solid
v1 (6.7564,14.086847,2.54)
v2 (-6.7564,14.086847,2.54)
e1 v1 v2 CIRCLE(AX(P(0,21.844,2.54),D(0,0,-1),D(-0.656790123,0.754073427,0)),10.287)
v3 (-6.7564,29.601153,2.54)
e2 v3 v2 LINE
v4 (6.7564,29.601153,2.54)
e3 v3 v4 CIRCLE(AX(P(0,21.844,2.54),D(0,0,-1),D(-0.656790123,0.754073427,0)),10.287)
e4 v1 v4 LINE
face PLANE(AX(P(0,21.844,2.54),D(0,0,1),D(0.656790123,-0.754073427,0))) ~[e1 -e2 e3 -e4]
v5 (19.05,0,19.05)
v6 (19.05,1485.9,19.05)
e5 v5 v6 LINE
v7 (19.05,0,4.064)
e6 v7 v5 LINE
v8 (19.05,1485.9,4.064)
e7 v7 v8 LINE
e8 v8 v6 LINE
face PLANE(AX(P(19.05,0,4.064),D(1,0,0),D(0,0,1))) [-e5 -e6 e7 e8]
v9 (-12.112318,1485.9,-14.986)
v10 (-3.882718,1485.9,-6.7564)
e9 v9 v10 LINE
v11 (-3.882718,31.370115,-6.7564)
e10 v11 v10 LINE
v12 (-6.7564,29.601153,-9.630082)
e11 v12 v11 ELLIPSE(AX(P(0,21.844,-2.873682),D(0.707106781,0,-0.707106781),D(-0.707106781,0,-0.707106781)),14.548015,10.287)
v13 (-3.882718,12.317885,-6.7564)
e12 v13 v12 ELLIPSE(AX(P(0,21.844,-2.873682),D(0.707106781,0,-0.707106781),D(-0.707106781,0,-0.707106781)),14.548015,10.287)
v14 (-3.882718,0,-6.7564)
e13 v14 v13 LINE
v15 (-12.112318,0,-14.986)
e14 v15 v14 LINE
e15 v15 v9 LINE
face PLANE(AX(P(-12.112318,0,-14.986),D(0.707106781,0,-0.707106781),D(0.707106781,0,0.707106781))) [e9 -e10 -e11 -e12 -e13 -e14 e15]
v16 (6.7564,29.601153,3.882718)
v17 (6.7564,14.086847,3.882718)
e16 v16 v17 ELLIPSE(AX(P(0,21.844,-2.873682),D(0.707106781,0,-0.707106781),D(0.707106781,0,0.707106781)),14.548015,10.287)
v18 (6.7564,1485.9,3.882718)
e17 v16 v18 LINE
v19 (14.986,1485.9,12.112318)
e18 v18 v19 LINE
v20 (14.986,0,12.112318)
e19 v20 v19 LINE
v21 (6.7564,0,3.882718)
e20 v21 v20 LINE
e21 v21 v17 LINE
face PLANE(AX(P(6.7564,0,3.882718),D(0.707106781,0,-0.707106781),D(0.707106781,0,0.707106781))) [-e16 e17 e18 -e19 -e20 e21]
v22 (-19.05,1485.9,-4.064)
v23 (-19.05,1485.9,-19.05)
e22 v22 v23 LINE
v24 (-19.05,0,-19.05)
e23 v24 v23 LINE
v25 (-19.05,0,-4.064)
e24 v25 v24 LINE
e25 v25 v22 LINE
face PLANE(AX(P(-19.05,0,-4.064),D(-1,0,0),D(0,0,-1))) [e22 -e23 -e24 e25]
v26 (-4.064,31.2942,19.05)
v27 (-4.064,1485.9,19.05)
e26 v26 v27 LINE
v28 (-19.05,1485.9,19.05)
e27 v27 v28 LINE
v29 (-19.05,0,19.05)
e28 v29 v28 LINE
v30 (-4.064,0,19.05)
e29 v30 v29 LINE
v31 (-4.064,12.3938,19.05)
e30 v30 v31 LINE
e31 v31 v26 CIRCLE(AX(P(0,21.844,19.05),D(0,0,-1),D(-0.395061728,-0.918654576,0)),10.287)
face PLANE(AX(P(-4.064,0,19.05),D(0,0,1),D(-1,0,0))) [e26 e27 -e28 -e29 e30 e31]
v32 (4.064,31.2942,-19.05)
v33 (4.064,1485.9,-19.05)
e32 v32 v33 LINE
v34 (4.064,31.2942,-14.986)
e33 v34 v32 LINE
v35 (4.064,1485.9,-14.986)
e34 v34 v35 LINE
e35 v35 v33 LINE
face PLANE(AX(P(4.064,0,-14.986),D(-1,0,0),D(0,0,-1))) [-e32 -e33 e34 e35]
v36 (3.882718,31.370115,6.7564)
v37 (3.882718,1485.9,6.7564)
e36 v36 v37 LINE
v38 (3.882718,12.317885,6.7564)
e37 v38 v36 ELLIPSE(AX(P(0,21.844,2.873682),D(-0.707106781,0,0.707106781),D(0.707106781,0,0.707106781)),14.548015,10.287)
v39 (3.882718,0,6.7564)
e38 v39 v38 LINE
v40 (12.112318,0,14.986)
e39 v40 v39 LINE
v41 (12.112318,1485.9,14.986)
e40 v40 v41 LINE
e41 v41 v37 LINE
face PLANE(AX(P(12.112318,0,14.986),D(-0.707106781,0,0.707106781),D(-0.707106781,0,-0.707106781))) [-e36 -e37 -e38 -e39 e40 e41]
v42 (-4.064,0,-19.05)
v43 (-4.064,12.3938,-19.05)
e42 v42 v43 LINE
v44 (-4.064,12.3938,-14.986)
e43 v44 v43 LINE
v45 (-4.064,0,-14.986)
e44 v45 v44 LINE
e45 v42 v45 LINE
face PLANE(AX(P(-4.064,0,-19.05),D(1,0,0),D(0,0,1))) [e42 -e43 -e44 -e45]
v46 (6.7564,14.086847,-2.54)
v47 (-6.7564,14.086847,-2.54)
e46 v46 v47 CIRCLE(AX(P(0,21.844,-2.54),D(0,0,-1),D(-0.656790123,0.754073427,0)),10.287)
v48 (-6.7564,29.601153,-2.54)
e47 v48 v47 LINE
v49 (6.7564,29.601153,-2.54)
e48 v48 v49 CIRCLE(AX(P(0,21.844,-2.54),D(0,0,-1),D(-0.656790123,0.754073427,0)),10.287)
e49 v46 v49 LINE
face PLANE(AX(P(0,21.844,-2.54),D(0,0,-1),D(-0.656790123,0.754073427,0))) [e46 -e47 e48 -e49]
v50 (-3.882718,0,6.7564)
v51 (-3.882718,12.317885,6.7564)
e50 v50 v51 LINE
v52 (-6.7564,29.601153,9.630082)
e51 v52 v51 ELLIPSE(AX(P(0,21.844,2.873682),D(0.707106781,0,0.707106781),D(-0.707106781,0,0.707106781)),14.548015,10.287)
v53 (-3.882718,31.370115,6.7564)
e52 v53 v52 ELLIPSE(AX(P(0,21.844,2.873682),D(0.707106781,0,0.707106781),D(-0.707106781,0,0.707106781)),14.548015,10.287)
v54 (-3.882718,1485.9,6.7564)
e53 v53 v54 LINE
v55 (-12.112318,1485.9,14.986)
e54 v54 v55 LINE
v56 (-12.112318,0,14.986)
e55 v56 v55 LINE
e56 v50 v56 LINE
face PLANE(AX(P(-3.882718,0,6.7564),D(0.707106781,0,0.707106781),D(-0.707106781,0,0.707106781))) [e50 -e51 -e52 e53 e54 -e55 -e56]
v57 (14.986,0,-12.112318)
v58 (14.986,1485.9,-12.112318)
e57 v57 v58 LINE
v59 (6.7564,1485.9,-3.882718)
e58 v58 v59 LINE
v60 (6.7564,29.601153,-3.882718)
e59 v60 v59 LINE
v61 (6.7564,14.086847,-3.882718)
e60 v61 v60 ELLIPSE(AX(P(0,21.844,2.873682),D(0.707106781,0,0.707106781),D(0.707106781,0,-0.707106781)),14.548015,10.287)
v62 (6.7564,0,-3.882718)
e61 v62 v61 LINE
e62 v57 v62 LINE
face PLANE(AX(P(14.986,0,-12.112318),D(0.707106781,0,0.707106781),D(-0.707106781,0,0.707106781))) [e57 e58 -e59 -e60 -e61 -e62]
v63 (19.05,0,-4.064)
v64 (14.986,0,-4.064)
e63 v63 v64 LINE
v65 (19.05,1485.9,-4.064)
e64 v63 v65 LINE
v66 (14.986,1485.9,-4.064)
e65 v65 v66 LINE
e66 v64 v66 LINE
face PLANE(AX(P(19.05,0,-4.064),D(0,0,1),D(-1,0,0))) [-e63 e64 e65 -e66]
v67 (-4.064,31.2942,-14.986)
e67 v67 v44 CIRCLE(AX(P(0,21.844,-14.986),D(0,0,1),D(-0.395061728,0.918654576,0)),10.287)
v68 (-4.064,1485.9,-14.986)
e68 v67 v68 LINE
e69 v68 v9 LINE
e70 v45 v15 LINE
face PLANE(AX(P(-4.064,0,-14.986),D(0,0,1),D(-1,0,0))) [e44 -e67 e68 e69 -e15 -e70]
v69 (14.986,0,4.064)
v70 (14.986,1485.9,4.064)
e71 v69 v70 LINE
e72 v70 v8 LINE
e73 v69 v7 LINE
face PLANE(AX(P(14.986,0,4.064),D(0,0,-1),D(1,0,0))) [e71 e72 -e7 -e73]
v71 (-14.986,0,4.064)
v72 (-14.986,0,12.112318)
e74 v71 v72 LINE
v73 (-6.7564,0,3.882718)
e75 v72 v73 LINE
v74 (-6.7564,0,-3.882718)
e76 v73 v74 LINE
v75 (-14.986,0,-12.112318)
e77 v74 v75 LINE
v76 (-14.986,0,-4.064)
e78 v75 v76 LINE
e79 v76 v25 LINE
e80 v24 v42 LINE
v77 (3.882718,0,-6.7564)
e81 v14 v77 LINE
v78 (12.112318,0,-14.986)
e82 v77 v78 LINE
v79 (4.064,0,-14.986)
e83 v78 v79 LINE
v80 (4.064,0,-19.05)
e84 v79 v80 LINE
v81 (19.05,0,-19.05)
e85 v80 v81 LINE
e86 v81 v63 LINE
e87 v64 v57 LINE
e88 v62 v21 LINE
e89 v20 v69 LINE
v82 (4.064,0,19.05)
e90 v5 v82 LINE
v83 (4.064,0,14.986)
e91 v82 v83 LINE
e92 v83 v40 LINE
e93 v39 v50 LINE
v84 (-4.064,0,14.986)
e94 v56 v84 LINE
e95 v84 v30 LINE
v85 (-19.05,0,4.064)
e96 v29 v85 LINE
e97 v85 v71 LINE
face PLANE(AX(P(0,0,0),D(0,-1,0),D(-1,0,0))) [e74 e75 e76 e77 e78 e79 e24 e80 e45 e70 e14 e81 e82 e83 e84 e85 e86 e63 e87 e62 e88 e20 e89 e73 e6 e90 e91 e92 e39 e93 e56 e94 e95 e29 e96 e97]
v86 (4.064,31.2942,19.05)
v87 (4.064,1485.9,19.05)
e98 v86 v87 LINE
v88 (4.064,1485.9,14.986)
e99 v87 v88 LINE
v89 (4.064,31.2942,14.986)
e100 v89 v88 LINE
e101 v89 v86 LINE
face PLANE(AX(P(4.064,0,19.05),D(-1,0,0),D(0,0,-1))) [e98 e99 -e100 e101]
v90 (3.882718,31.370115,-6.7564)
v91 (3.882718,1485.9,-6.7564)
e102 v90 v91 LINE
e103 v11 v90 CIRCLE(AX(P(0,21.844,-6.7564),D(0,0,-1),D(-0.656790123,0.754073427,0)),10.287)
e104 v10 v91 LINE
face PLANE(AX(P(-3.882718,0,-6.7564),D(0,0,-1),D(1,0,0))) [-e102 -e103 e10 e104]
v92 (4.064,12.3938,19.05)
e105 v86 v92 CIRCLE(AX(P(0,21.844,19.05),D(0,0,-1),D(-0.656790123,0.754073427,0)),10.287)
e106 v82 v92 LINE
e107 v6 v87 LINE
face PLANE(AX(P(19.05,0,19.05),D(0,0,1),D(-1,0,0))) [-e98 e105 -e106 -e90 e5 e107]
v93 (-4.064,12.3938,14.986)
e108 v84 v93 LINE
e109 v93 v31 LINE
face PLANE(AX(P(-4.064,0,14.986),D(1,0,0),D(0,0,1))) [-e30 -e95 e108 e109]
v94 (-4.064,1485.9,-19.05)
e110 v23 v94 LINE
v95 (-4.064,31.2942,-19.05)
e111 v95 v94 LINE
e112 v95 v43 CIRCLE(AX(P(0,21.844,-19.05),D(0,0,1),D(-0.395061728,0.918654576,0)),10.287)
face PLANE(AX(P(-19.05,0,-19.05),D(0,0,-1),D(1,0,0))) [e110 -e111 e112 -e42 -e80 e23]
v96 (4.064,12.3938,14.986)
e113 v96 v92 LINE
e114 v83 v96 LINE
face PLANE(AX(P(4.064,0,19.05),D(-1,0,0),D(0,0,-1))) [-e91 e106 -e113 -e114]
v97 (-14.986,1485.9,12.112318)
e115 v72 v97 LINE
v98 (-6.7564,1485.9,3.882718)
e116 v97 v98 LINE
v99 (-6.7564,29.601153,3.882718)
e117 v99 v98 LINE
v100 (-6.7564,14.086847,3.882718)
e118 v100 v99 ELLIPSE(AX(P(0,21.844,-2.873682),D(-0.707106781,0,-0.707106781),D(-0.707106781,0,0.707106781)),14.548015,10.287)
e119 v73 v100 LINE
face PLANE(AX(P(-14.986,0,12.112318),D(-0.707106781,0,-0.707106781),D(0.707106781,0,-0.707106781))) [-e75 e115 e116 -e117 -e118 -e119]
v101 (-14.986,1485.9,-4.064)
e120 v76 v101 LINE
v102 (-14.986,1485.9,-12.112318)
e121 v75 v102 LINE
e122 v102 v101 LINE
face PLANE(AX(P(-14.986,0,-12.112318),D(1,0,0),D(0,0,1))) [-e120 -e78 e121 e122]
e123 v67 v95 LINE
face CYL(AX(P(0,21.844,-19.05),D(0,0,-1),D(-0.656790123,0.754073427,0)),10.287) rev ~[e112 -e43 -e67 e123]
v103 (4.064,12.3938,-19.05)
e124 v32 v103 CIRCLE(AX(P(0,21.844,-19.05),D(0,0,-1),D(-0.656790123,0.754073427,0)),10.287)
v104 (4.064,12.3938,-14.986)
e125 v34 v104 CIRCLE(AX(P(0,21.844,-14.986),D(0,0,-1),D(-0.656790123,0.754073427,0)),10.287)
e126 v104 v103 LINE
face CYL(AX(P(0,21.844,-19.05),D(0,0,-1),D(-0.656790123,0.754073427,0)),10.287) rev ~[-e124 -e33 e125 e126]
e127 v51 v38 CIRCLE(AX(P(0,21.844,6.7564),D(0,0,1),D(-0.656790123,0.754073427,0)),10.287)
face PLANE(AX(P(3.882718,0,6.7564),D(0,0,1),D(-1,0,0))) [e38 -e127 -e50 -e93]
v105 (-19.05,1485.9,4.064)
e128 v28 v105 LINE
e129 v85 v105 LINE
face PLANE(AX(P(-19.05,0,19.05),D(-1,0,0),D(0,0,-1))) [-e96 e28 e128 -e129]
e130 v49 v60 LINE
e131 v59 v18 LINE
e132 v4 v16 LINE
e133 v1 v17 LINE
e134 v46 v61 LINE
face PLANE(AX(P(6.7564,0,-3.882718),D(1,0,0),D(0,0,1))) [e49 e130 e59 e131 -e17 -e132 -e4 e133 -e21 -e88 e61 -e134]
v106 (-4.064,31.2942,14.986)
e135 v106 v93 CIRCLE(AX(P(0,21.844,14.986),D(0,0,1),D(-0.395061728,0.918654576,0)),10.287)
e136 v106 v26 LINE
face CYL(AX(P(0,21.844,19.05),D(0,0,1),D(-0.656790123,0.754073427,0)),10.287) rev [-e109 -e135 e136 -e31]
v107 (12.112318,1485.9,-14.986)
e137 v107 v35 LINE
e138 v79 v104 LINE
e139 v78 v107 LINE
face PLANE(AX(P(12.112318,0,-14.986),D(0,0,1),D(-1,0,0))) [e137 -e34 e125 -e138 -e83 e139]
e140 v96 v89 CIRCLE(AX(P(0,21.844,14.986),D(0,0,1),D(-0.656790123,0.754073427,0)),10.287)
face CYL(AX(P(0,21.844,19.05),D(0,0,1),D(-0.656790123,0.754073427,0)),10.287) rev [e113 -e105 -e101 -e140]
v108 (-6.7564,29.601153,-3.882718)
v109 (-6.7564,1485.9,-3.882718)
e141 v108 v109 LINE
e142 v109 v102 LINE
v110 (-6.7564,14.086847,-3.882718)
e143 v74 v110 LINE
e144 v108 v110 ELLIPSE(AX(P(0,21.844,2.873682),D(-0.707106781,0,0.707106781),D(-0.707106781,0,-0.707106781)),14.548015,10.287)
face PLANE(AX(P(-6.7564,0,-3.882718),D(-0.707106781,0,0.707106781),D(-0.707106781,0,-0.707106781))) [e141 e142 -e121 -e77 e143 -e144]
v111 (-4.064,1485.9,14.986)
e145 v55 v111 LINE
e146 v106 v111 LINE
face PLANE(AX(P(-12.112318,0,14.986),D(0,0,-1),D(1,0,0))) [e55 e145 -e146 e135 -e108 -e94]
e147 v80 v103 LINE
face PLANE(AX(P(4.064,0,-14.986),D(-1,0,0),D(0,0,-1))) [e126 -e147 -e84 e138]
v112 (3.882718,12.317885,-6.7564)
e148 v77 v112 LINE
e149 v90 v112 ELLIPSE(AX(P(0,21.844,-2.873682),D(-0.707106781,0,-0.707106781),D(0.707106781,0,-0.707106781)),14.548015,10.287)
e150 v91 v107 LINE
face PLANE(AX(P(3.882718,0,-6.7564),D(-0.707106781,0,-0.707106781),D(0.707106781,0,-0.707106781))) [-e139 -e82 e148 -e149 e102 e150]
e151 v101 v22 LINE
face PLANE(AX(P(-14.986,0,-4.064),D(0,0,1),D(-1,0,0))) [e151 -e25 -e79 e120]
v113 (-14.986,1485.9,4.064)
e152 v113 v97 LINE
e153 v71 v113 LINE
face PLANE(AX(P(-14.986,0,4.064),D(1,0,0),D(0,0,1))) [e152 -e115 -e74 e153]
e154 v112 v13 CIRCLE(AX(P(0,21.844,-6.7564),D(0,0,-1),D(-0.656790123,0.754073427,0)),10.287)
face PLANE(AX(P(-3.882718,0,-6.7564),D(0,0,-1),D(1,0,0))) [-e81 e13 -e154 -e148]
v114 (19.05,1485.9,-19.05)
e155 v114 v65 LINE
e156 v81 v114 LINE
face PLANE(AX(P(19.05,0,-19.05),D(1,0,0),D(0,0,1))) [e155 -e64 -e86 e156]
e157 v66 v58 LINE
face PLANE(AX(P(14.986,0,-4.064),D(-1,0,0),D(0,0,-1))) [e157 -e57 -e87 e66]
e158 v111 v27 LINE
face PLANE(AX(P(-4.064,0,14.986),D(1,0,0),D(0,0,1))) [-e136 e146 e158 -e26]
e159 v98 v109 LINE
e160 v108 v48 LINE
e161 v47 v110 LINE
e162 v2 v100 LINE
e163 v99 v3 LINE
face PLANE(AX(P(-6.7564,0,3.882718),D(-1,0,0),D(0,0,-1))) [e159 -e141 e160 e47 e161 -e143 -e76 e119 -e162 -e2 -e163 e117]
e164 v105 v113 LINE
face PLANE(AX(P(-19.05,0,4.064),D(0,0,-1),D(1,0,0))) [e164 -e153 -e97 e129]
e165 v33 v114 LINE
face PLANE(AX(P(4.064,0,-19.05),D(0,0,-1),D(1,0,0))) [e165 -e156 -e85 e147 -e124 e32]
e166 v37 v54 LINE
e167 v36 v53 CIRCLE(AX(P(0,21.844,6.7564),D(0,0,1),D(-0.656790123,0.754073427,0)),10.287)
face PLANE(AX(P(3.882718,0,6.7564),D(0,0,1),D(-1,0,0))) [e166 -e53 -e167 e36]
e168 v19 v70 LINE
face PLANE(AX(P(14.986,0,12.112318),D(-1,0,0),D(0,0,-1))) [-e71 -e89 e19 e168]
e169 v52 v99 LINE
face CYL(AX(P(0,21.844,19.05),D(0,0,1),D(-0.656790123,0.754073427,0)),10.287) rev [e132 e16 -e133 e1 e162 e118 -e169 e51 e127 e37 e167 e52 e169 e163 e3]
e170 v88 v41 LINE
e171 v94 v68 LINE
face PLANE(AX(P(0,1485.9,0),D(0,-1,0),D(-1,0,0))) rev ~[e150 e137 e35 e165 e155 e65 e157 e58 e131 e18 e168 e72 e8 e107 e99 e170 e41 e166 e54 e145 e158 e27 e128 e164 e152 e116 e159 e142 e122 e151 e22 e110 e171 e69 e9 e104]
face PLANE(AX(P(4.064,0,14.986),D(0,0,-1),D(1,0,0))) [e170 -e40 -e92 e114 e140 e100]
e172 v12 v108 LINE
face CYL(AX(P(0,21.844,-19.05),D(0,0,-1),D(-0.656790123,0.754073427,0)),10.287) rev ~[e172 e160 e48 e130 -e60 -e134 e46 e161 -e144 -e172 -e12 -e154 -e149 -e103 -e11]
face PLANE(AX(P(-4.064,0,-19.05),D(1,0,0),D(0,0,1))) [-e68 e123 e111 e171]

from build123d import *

# Parameters (mm, degrees)
BOSS_EXTRUDE1_DEPTH = 1485.9
SKETCH3_R           = 10.287
CUT_EXTRUDE1_DEPTH  = 16.51


with BuildPart() as part:
    # Sketch2 → Boss-Extrude1 (new body)
    with BuildSketch(Plane(origin=(0.594697292, 0, 0.594697292), x_dir=(1, 0, 0), z_dir=(0, 1, 0))):
        Polygon((-19.644697292, 19.644697292), (-4.658697292, 19.644697292), (-4.658697292, 15.580697292), (-12.707015333, 15.580697292), (-4.477415333, 7.351097292), (3.288020749, 7.351097292), (11.517620749, 15.580697292), (3.469302708, 15.580697292), (3.469302708, 19.644697292), (18.455302708, 19.644697292), (18.455302708, 4.658697292), (14.391302708, 4.658697292), (14.391302708, 12.707015333), (6.161702708, 4.477415333), (6.161702708, -3.288020749), (14.391302708, -11.517620749), (14.391302708, -3.469302708), (18.455302708, -3.469302708), (18.455302708, -18.455302708), (3.469302708, -18.455302708), (3.469302708, -14.391302708), (11.517620749, -14.391302708), (3.288020749, -6.161702708), (-4.477415333, -6.161702708), (-12.707015333, -14.391302708), (-4.658697292, -14.391302708), (-4.658697292, -18.455302708), (-19.644697292, -18.455302708), (-19.644697292, -3.469302708), (-15.580697292, -3.469302708), (-15.580697292, -11.517620749), (-7.351097292, -3.288020749), (-7.351097292, 4.477415333), (-15.580697292, 12.707015333), (-15.580697292, 4.658697292), (-19.644697292, 4.658697292), align=None)
    extrude(amount=BOSS_EXTRUDE1_DEPTH)

    # Sketch3 → Cut-Extrude1 (cut)
    with BuildSketch(Plane(origin=(0, 0, -19.05), x_dir=(-1, 0, 0), z_dir=(0, 0, -1))):
        with Locations(Location((0, 21.844, 0), (0, 0, 48.944473627))):
            Circle(SKETCH3_R)
    cut_extrude1 = extrude(amount=-CUT_EXTRUDE1_DEPTH, mode=Mode.SUBTRACT)

    # Mirror1: Cut-Extrude1 across plane
    add(cut_extrude1.mirror(Plane.XY), mode=Mode.SUBTRACT)


solid = part.part
